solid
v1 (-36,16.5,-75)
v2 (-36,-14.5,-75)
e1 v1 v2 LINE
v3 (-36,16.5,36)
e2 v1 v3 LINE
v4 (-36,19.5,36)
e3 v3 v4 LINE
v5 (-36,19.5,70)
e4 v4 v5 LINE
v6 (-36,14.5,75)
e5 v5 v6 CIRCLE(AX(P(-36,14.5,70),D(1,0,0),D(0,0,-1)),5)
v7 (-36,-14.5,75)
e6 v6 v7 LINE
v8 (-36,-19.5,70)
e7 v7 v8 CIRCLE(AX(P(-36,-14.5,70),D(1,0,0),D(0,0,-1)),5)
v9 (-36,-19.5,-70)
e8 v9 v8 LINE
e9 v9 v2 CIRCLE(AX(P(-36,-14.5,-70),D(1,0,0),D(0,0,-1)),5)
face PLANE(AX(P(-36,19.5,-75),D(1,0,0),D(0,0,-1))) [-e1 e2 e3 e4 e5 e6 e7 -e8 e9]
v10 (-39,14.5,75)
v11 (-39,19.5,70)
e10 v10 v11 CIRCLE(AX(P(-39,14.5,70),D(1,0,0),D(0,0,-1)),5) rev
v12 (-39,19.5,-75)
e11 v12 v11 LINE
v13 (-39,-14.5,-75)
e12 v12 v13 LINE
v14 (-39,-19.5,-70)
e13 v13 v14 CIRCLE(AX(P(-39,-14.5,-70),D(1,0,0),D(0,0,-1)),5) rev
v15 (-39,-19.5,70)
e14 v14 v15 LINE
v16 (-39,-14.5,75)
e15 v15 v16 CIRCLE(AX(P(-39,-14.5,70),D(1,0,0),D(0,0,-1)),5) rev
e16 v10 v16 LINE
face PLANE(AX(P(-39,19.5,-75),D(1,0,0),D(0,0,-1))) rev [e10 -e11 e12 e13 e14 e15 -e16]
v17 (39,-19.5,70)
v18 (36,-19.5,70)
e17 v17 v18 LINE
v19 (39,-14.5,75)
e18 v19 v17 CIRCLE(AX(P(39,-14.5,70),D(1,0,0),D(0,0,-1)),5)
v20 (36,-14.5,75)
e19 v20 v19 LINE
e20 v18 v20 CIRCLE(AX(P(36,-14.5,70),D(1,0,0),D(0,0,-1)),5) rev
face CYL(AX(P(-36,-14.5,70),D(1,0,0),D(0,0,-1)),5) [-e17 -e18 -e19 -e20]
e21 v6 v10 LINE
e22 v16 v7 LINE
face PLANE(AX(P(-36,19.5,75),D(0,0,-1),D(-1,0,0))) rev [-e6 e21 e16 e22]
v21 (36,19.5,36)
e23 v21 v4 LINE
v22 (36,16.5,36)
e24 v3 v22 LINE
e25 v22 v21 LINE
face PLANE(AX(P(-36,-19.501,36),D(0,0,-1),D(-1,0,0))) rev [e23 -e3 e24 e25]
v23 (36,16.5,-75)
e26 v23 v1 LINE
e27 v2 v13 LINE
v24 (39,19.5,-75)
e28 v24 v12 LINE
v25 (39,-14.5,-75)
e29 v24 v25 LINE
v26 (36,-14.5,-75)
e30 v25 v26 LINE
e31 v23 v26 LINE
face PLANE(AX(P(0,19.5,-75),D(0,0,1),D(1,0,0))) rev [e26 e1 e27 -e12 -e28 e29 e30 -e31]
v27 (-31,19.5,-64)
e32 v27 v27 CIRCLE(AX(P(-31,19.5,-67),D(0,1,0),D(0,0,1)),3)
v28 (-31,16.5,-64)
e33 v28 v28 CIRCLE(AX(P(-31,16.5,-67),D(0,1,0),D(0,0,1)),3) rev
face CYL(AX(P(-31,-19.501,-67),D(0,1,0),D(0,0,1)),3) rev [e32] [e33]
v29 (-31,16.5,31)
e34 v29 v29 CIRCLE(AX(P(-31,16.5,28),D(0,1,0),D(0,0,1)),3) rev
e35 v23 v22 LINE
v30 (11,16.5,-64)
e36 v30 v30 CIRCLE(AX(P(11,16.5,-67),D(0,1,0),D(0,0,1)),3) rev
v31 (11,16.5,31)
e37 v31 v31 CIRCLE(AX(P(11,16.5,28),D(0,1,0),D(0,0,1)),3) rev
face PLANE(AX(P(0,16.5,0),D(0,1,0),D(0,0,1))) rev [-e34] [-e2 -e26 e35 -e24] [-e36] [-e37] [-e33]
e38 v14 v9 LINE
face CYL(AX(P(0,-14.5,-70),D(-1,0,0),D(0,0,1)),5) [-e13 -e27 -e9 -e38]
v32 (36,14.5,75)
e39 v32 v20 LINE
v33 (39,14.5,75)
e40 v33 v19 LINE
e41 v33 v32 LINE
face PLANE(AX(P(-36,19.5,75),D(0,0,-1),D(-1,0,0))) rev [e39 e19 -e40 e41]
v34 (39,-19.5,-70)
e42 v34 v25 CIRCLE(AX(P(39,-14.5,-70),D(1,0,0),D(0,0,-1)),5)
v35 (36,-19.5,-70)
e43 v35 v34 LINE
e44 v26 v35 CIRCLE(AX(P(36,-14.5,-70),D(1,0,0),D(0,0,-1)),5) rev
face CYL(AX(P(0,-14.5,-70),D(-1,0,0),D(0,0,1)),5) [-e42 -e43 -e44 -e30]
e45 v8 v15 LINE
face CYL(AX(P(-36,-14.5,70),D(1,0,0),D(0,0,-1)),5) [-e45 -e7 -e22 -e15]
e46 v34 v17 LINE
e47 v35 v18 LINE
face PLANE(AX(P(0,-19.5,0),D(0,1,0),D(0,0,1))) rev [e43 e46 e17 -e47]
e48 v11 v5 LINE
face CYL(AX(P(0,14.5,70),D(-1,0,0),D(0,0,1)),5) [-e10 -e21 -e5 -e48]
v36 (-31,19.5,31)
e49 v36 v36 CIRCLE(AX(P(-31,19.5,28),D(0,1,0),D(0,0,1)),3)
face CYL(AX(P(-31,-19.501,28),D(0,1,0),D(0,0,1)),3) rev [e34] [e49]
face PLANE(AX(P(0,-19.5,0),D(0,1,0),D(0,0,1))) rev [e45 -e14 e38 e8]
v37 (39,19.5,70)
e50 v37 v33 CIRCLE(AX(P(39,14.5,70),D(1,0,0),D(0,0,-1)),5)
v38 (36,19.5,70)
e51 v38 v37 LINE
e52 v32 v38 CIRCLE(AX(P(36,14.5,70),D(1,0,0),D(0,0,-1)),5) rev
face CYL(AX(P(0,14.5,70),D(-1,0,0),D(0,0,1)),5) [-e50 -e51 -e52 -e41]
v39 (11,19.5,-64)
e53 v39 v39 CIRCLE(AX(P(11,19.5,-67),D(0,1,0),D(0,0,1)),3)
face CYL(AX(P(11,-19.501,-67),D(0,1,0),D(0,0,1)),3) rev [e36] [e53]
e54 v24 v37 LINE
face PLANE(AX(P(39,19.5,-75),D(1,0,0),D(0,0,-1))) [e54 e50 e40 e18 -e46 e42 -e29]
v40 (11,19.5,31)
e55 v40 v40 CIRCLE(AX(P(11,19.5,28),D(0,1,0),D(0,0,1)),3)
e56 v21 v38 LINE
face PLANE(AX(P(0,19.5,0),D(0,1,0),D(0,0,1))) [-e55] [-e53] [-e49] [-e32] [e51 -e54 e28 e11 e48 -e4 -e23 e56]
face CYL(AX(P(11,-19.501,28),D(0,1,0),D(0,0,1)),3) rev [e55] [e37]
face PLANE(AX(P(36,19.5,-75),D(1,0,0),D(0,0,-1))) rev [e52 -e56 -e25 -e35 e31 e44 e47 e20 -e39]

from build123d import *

# Parameters (mm, degrees)
BOSS_EXTRUDE1_DEPTH = 19.5
SHELL1_T            = -3
SKETCH2_W           = 36
SKETCH2_H           = 39
CUT_EXTRUDE1_DEPTH  = 3
FILLET1_R           = 5
CUT_EXTRUDE2_REACH  = 41
SKETCH3_R           = 3


with BuildPart() as part:
    # Sketch1 → Boss-Extrude1 (new body, symmetric)
    with BuildSketch(Plane(origin=(0, 0, 0), x_dir=(1, 0, 0), z_dir=(0, 1, 0))):
        Polygon((0, -36), (0, -75), (-36, -75), (-39, -75), (-39, 75), (0, 75), (0, 0), align=None)
    boss_extrude1 = extrude(amount=BOSS_EXTRUDE1_DEPTH, both=True)

    # Mirror1: Boss-Extrude1 across plane
    add(boss_extrude1.mirror(Plane(origin=(0, 0, 0), x_dir=(0, 0, 1), z_dir=(1, 0, 0))))

    # Shell1
    shell1_openings = [part.faces().sort_by_distance(p)[0] for p in [
        (0, 0, 75),
        (0, 0, -75),
        (0, -19.5, 0),
    ]]
    offset(amount=SHELL1_T, openings=shell1_openings, kind=Kind.INTERSECTION)

    # Sketch2 → Cut-Extrude1 (cut)
    with BuildSketch(Plane(origin=(0, 19.5, 0), x_dir=(1, 0, 0), z_dir=(0, 1, 0))):
        with Locations((-18, -55.5)):
            Rectangle(SKETCH2_W, SKETCH2_H)
    cut_extrude1 = extrude(amount=-CUT_EXTRUDE1_DEPTH, mode=Mode.SUBTRACT)

    # Mirror2: Cut-Extrude1 across plane
    add(cut_extrude1.mirror(Plane(origin=(0, 0, 0), x_dir=(0, 0, 1), z_dir=(1, 0, 0))), mode=Mode.SUBTRACT)

    # Fillet1
    fillet1_edges = [part.edges().sort_by_distance(p)[0] for p in [
        (-37.5, 19.5, 75),
        (-37.5, -19.5, -75),
        (37.5, -19.5, 75),
        (37.5, 19.5, 75),
        (-37.5, -19.5, 75),
        (37.5, -19.5, -75),
    ]]
    fillet(fillet1_edges, radius=FILLET1_R)

    # Sketch3 → Cut-Extrude2 (cut, up to next)
    with BuildSketch(Plane(origin=(0, 19.5, 0), x_dir=(1, 0, 0), z_dir=(0, 1, 0)), mode=Mode.PRIVATE) as cut_extrude2_sk1:
        with Locations((-31, 67)):
            Circle(SKETCH3_R)
    cut_extrude2_tool1 = extrude(cut_extrude2_sk1.sketch, amount=-CUT_EXTRUDE2_REACH, mode=Mode.PRIVATE) & part.part
    add(cut_extrude2_tool1.solids().sort_by_distance((-31, 19.5, -67))[0], mode=Mode.SUBTRACT)
    # Sketch3 → Cut-Extrude2 (cut, up to next)
    with BuildSketch(Plane(origin=(0, 19.5, 0), x_dir=(1, 0, 0), z_dir=(0, 1, 0)), mode=Mode.PRIVATE) as cut_extrude2_sk2:
        with Locations((-31, -28)):
            Circle(SKETCH3_R)
    cut_extrude2_tool2 = extrude(cut_extrude2_sk2.sketch, amount=-CUT_EXTRUDE2_REACH, mode=Mode.PRIVATE) & part.part
    add(cut_extrude2_tool2.solids().sort_by_distance((-31, 19.5, 28))[0], mode=Mode.SUBTRACT)
    # Sketch3 → Cut-Extrude2 (cut, up to next)
    with BuildSketch(Plane(origin=(0, 19.5, 0), x_dir=(1, 0, 0), z_dir=(0, 1, 0)), mode=Mode.PRIVATE) as cut_extrude2_sk3:
        with Locations((11, -28)):
            Circle(SKETCH3_R)
    cut_extrude2_tool3 = extrude(cut_extrude2_sk3.sketch, amount=-CUT_EXTRUDE2_REACH, mode=Mode.PRIVATE) & part.part
    add(cut_extrude2_tool3.solids().sort_by_distance((11, 19.5, 28))[0], mode=Mode.SUBTRACT)
    # Sketch3 → Cut-Extrude2 (cut, up to next)
    with BuildSketch(Plane(origin=(0, 19.5, 0), x_dir=(1, 0, 0), z_dir=(0, 1, 0)), mode=Mode.PRIVATE) as cut_extrude2_sk4:
        with Locations((11, 67)):
            Circle(SKETCH3_R)
    cut_extrude2_tool4 = extrude(cut_extrude2_sk4.sketch, amount=-CUT_EXTRUDE2_REACH, mode=Mode.PRIVATE) & part.part
    add(cut_extrude2_tool4.solids().sort_by_distance((11, 19.5, -67))[0], mode=Mode.SUBTRACT)


solid = part.part
